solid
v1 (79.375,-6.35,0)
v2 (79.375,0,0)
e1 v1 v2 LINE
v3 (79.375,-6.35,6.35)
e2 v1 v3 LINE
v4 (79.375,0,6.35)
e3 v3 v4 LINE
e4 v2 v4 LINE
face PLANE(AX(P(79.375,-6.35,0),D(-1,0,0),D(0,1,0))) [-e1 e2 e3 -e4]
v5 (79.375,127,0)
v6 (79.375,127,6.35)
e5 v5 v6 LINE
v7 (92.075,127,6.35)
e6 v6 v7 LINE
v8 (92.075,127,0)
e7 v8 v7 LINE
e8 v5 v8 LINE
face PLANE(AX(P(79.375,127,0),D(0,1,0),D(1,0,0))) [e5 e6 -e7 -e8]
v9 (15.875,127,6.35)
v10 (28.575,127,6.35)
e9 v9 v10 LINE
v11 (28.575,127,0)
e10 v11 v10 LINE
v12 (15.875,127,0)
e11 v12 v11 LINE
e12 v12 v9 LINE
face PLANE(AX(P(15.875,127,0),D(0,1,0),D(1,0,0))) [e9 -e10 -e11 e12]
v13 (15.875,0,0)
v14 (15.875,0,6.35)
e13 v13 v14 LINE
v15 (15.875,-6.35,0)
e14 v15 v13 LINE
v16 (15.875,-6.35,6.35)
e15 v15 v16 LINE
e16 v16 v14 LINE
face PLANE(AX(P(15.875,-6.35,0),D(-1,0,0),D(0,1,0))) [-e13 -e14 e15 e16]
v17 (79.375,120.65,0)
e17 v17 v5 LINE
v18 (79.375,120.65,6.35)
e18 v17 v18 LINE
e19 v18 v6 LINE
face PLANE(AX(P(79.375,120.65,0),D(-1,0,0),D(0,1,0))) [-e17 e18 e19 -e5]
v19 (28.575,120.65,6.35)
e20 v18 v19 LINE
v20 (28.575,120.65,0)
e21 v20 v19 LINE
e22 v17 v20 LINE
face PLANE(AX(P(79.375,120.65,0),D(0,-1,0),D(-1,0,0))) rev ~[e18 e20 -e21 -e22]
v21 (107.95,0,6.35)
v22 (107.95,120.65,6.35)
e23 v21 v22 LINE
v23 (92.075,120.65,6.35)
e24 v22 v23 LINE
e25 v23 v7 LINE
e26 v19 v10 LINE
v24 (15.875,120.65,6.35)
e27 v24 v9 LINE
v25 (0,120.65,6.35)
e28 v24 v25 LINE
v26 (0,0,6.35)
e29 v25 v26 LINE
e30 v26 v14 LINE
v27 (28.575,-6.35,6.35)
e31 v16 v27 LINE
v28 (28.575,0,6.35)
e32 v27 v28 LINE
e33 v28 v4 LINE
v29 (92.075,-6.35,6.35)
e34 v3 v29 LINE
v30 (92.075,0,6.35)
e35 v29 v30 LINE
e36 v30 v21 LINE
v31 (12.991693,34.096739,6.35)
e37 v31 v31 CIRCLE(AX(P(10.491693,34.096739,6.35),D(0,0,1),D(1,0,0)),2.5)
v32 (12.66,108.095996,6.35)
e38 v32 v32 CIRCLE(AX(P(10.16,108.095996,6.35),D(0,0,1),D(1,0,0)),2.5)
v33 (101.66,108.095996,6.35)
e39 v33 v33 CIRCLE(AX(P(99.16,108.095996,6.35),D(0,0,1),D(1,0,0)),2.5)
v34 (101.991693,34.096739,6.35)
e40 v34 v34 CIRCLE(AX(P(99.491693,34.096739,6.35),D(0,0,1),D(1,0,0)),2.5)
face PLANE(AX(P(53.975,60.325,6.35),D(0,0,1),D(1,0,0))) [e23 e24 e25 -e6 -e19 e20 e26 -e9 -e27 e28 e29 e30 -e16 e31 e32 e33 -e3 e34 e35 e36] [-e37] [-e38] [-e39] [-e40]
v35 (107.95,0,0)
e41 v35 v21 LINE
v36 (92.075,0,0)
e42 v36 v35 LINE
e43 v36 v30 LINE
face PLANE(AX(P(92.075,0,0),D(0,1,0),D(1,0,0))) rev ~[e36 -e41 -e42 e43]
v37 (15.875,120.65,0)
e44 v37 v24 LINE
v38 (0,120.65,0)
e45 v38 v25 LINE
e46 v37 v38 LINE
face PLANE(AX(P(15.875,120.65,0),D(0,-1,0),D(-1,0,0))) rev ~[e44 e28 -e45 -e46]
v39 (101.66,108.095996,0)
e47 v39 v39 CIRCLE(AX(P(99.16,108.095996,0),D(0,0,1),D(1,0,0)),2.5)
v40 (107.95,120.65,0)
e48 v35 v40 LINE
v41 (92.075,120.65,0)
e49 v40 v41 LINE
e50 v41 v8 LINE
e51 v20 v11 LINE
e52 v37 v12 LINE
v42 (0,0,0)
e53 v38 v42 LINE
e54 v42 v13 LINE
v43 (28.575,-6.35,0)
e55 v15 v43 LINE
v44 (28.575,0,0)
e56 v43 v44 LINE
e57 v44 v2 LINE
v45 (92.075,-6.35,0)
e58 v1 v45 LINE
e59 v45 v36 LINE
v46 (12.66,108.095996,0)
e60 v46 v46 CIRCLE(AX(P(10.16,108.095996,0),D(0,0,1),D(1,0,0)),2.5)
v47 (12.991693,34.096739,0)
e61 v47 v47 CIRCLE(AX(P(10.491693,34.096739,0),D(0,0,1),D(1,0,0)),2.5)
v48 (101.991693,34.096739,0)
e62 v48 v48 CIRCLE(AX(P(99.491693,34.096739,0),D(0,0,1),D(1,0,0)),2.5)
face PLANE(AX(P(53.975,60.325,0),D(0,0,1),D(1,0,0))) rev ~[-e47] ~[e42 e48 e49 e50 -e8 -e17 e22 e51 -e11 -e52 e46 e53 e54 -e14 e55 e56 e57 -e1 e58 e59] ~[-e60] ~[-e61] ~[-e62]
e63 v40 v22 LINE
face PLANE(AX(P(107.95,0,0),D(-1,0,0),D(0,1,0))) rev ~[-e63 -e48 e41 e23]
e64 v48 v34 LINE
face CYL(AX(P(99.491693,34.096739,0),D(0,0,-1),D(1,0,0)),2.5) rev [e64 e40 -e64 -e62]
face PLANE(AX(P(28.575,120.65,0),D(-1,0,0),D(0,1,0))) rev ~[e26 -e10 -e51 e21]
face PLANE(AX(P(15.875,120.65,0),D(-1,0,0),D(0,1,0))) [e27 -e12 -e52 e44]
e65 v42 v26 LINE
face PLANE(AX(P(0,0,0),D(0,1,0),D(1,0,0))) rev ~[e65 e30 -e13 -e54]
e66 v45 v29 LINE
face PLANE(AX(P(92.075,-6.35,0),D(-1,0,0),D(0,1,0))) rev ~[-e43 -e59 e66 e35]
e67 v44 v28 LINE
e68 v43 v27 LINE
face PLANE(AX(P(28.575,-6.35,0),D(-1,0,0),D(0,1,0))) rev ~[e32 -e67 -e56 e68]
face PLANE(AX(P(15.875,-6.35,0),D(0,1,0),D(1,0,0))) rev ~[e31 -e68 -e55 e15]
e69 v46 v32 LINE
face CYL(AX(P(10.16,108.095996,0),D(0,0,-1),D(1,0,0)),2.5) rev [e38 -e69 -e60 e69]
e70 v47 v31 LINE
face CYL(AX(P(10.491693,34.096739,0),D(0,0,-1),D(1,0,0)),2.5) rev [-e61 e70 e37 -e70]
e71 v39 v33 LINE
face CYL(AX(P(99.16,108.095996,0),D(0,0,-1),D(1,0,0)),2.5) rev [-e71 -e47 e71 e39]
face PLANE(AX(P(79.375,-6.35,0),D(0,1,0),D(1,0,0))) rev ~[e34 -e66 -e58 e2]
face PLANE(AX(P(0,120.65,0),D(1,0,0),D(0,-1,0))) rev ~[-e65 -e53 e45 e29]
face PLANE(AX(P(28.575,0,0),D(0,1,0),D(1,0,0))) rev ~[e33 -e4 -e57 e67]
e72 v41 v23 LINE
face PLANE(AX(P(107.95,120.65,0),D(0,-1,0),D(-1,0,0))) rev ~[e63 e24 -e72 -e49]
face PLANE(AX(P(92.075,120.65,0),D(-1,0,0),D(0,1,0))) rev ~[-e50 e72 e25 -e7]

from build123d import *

# Parameters (mm, degrees)
F0_R     = 2.5
F0_W     = 12.7
F0_H     = 6.35
F1_DEPTH = 6.35


with BuildPart() as f1:
    # F0 (on Top) → F1 (new body)
    with BuildSketch(Plane.XY):
        Polygon((0, 120.65), (0, 0), (15.875, 0), (28.575, 0), (79.375, 0), (92.075, 0), (107.95, 0), (107.95, 120.65), (92.075, 120.65), (79.375, 120.65), (28.575, 120.65), (15.875, 120.65), align=None)
        with Locations((10.491693, 34.096739)):
            Circle(F0_R, mode=Mode.SUBTRACT)
        with Locations((99.491693, 34.096739)):
            Circle(F0_R, mode=Mode.SUBTRACT)
        with Locations((10.16, 108.095996)):
            Circle(F0_R, mode=Mode.SUBTRACT)
        with Locations((99.16, 108.095996)):
            Circle(F0_R, mode=Mode.SUBTRACT)
        with Locations((22.225, 123.825)):
            Rectangle(F0_W, F0_H)
        with Locations((85.725, 123.825)):
            Rectangle(F0_W, F0_H)
        with Locations((85.725, -3.175)):
            Rectangle(F0_W, F0_H)
        with Locations((22.225, -3.175)):
            Rectangle(F0_W, F0_H)
    extrude(amount=F1_DEPTH)


solid = f1.part
